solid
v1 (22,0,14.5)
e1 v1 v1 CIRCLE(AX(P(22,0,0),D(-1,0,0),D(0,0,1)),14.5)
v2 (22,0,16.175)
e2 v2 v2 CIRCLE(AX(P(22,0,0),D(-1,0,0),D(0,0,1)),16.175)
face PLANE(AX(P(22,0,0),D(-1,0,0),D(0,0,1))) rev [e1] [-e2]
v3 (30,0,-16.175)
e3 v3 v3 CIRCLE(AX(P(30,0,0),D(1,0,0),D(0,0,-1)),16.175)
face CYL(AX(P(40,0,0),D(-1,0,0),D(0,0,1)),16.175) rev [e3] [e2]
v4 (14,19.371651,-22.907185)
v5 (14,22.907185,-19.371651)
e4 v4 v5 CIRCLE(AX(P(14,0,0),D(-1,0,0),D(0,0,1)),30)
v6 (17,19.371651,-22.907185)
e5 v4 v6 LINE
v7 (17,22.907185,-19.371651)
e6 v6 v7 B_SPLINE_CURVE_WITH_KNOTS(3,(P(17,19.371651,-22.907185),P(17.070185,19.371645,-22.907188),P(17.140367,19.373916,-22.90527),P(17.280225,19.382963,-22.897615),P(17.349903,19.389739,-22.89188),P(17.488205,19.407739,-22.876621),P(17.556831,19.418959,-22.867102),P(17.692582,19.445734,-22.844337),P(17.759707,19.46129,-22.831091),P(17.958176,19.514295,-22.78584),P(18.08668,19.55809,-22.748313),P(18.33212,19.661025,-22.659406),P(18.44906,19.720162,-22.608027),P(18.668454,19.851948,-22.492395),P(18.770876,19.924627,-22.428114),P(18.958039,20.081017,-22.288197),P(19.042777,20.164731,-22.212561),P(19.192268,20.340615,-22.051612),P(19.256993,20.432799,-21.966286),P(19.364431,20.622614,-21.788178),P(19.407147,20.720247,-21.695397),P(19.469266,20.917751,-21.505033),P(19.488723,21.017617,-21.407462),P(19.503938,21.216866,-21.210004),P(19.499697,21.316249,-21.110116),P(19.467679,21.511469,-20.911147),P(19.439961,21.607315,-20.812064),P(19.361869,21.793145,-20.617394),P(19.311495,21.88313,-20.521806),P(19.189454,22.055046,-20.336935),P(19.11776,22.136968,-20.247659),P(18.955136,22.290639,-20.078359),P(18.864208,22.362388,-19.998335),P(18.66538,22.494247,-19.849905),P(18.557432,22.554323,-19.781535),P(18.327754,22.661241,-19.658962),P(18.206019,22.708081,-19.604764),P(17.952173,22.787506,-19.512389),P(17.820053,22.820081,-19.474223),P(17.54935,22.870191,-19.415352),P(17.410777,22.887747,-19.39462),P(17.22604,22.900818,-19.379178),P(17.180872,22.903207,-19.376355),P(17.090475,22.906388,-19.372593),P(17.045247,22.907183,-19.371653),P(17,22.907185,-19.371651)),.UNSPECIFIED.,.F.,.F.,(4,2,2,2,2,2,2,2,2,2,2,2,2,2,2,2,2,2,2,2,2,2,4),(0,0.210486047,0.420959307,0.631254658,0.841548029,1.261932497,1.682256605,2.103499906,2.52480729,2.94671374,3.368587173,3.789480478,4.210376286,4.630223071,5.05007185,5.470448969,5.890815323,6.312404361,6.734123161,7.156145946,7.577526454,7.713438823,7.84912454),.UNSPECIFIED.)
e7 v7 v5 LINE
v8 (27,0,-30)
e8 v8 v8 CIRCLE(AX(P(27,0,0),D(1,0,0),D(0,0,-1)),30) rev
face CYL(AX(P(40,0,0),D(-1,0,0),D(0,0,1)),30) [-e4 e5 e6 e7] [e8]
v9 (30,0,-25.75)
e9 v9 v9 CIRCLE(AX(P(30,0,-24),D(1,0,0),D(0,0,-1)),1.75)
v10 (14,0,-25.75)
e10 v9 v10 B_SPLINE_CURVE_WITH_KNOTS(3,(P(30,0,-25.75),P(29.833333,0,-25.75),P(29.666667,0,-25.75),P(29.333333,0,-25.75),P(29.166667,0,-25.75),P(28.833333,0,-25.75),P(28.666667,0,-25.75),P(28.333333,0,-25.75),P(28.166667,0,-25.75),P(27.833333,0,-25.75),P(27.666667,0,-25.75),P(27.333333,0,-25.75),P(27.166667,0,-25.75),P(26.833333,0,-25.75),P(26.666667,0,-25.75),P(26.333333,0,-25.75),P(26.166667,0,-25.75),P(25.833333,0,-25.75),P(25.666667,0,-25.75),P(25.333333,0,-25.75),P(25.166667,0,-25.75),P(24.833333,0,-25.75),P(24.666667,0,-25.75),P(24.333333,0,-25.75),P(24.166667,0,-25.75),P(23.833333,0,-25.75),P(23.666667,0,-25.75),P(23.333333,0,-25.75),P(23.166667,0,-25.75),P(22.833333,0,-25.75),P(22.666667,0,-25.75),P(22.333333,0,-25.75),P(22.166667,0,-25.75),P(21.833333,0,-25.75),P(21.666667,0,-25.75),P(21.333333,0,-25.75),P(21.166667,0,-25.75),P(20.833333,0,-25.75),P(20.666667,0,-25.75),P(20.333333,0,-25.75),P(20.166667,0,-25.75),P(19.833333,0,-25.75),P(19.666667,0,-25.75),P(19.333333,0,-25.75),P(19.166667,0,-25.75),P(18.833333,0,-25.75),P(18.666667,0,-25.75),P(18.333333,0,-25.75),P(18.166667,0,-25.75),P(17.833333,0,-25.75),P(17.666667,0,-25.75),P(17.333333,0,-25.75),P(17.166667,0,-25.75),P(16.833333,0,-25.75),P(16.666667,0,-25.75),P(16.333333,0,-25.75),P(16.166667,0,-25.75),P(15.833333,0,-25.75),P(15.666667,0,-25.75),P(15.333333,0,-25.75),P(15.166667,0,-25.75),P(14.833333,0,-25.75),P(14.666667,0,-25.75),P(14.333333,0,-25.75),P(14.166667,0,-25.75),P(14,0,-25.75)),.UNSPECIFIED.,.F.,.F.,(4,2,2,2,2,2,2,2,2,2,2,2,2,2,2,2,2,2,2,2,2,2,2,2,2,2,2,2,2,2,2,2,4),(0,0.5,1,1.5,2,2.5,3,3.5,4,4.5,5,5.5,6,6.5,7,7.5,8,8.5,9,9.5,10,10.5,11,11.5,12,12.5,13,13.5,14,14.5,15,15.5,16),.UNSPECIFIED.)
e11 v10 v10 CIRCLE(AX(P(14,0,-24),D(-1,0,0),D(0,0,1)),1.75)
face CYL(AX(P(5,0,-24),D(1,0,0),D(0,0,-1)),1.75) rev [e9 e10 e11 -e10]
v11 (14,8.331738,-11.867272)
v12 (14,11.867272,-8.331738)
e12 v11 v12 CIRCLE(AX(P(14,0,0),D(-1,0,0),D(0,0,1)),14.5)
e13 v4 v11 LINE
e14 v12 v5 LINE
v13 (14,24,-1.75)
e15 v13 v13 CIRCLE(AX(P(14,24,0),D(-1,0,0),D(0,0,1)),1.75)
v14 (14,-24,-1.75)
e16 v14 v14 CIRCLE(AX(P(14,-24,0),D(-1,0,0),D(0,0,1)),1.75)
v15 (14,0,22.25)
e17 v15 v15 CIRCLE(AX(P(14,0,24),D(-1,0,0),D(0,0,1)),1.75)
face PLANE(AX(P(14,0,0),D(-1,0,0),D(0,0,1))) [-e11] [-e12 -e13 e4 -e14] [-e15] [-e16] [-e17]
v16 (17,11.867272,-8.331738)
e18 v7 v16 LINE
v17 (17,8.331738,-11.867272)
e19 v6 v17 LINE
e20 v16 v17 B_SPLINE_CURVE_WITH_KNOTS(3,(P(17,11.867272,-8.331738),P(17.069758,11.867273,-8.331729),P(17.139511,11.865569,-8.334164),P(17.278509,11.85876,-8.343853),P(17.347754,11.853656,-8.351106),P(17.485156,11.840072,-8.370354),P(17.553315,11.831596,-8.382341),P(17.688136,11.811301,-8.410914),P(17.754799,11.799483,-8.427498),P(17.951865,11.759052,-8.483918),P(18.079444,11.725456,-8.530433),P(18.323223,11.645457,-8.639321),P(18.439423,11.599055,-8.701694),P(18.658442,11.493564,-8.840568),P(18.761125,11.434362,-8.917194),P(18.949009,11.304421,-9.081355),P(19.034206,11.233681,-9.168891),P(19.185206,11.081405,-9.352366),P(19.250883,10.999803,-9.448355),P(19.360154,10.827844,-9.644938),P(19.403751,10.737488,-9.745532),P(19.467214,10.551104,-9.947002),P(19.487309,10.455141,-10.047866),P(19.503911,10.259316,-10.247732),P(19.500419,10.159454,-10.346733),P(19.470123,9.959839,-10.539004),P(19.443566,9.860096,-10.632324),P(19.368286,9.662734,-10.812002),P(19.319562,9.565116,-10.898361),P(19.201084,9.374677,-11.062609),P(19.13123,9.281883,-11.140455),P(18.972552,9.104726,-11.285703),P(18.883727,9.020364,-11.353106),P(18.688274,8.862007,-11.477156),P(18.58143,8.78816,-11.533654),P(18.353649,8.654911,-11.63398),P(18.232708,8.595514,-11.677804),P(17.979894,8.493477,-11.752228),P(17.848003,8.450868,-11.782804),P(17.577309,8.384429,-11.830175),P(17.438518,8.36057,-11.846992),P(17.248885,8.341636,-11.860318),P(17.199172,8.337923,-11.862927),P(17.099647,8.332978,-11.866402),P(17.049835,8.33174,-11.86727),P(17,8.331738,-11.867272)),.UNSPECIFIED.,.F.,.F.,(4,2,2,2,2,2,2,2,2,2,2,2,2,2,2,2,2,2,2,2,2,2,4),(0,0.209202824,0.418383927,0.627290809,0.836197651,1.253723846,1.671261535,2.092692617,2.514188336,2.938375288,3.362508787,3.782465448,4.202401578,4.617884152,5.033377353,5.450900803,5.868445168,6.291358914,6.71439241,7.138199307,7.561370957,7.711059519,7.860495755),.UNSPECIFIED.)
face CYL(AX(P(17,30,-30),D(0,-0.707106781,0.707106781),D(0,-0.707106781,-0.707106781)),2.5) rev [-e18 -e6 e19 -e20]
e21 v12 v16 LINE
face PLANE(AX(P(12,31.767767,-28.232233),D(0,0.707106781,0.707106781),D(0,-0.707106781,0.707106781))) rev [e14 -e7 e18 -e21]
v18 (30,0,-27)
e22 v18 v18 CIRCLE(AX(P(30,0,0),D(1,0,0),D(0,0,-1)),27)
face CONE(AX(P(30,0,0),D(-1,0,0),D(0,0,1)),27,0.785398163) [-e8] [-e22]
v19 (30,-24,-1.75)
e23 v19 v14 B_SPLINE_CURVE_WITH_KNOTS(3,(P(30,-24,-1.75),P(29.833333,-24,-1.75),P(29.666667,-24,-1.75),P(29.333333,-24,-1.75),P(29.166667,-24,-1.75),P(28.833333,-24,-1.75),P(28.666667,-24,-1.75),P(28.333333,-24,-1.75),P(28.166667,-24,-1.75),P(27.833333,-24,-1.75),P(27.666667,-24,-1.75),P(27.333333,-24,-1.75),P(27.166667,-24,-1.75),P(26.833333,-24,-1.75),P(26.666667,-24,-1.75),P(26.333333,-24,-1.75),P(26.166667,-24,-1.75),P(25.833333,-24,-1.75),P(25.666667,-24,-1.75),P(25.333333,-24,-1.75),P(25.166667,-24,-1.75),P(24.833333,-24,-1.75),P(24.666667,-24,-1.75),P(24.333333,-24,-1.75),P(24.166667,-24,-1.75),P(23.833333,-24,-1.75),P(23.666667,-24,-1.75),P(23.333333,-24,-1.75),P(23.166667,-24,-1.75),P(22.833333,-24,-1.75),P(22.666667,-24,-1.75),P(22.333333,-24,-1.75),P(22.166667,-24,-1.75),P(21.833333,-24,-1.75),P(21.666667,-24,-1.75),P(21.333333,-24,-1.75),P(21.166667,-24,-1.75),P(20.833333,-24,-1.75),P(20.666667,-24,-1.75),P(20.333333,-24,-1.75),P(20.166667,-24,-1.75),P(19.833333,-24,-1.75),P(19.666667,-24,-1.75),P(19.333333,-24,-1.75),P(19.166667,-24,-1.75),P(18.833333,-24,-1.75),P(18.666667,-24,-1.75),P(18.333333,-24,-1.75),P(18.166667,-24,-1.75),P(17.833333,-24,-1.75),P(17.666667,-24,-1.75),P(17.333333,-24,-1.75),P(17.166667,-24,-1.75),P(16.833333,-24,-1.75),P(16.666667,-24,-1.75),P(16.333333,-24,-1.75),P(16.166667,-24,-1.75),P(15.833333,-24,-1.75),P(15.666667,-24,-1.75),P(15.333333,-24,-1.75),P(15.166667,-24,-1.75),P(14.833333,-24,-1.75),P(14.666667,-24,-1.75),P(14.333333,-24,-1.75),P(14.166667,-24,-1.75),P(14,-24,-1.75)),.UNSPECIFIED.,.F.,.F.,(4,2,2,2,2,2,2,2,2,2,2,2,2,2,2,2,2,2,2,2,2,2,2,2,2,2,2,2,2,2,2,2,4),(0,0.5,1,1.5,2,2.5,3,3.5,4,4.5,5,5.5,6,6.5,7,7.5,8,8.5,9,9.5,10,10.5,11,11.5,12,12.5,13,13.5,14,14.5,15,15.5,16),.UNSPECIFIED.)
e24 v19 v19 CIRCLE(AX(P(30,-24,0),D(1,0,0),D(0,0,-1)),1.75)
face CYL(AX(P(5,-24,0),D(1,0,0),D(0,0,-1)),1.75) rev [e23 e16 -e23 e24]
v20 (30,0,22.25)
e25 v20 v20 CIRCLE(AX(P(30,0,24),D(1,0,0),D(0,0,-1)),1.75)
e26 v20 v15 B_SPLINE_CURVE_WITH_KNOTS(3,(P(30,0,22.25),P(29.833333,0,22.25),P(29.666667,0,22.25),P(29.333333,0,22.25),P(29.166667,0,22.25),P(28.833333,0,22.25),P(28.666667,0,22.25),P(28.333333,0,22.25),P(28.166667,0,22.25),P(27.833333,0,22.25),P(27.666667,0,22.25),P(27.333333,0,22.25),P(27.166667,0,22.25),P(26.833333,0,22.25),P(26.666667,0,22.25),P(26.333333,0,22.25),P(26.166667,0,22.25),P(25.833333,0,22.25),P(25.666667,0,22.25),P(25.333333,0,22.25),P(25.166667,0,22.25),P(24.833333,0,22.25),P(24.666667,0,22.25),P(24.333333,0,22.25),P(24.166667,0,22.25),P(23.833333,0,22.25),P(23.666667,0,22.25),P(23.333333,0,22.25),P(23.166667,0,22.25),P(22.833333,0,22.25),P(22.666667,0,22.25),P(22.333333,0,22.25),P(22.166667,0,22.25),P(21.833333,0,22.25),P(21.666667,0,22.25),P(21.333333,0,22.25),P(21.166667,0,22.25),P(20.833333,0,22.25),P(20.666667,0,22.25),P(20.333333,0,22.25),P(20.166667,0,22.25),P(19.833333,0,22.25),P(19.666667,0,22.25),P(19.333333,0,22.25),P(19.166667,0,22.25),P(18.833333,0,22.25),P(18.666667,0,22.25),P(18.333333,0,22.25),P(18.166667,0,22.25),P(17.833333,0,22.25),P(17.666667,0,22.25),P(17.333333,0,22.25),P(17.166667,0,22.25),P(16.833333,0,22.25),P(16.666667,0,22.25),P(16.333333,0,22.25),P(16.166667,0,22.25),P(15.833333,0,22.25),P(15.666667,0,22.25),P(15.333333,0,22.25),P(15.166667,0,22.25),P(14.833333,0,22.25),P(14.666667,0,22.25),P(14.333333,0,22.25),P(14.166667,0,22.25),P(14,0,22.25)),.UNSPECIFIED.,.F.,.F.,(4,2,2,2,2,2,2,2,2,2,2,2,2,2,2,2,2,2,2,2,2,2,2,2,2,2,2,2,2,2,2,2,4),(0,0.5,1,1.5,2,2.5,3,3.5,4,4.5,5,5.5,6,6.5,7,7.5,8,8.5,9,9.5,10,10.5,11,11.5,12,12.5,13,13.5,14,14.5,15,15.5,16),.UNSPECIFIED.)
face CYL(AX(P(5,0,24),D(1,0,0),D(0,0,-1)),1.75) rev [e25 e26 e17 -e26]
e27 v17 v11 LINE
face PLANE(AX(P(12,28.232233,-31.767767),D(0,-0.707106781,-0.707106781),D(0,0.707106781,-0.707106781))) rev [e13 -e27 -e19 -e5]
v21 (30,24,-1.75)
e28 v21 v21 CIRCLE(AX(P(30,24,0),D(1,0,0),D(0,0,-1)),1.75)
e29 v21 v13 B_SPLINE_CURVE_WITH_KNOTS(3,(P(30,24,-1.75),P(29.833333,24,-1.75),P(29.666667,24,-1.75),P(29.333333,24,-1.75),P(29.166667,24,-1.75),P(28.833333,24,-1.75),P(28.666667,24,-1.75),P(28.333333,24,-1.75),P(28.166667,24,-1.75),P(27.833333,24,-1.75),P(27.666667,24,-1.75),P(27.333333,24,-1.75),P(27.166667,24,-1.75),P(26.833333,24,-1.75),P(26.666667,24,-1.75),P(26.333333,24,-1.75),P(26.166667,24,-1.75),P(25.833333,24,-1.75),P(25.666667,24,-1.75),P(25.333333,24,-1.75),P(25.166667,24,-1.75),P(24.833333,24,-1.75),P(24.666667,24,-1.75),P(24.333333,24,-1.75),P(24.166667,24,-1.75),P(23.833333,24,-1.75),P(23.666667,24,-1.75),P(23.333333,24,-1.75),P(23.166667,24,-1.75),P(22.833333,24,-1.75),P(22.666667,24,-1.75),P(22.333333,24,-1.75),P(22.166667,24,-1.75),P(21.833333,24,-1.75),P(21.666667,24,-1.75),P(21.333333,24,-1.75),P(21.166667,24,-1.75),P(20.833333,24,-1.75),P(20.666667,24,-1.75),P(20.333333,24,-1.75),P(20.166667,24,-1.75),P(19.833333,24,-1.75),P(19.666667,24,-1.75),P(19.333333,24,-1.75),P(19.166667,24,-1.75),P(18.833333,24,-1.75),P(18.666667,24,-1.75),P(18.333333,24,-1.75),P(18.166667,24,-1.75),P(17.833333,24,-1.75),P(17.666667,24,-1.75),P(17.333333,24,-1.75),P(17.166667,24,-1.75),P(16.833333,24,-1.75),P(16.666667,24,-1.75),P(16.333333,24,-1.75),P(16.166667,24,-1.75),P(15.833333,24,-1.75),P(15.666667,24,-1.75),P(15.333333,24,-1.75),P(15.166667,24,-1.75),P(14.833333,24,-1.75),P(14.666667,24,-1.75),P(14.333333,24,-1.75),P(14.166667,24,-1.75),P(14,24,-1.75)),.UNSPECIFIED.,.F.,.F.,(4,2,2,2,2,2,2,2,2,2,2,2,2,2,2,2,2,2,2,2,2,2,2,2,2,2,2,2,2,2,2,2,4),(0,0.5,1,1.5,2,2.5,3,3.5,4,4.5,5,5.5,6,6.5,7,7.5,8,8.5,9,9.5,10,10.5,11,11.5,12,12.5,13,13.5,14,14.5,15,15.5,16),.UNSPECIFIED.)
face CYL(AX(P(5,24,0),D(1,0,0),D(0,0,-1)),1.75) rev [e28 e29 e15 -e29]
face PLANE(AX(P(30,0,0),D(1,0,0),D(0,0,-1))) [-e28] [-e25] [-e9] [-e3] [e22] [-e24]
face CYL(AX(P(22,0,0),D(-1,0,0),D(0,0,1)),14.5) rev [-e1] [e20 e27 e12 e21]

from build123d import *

# Parameters (mm, degrees)
SKETCH_1_R           = 32
SKETCH_1_R_2         = 3
EXTRUDE_1_DEPTH      = 5
SKETCH_2_R           = 30
SKETCH_2_R_2         = 16.175
EXTRUDE_2_DEPTH      = 35
SKETCH_4_R           = 17
SKETCH_4_R_2         = 14
EXTRUDE_4_DEPTH      = 5
SKETCH_8_R           = 1.5
CUT_EXTRUDE_1_DEPTH  = 10
EXTRUDE_START        = 2
SKETCH_13_R          = 3.16745637
SKETCH_13_R_2        = 3
EXTRUDE_5_DEPTH      = 2
SKETCH_14_R          = 34.626760645
CUT_EXTRUDE_5_DEPTH  = 10
SKETCH_17_R          = 1.75
CUT_EXTRUDE_7_DEPTH  = 25
SKETCH_18_R          = 32
CUT_EXTRUDE_8_DEPTH  = 17
SKETCH_19_R          = 16.3
SKETCH_19_R_2        = 14.5
EXTRUDE_6_DEPTH      = 5
EXTRUDE_START_2      = 3
SKETCH_22_R          = 16.5
SKETCH_22_R_2        = 14.5
EXTRUDE_7_DEPTH      = 3
SKETCH_23_R          = 30
SKETCH_23_R_2        = 16.5
SKETCH_23_R_3        = 1.75
EXTRUDE_8_DEPTH      = 3
CHAMFER_2_SIZE       = 3
CUT_EXTRUDE_12_DEPTH = 52.961524227


with BuildPart() as part:
    # Эскиз1 → Бобышка-Вытянуть1 (new body)
    with BuildSketch(Plane(origin=(0, 0, 0), x_dir=(0, 0, -1), z_dir=(1, 0, 0))):
        Circle(SKETCH_1_R)
        with Locations((-24, 9)):
            Circle(SKETCH_1_R_2, mode=Mode.SUBTRACT)
        with Locations((-24, -9)):
            Circle(SKETCH_1_R_2, mode=Mode.SUBTRACT)
        with BuildLine():
            ThreePointArc((6.265686517, 10.234313483), (-12, 0), (6.265686517, -10.234313483))
            ThreePointArc((6.265686517, -10.234313483), (11.121320344, -11.121320344), (10.234313483, -6.265686517))
            ThreePointArc((10.234313483, -6.265686517), (12, 0), (10.234313483, 6.265686517))
            ThreePointArc((10.234313483, 6.265686517), (11.121320344, 11.121320344), (6.265686517, 10.234313483))
        make_face(mode=Mode.SUBTRACT)
    extrude(amount=EXTRUDE_1_DEPTH)

    # Эскиз2 → Бобышка-Вытянуть2 (add)
    with BuildSketch(Plane(origin=(5, 0, 0), x_dir=(0, 0, -1), z_dir=(1, 0, 0))):
        Circle(SKETCH_2_R)
        Circle(SKETCH_2_R_2, mode=Mode.SUBTRACT)
    extrude(amount=EXTRUDE_2_DEPTH)

    # Эскиз4 → Бобышка-Вытянуть4 (add)
    with BuildSketch(Plane(origin=(5, 0, 0), x_dir=(0, 0, -1), z_dir=(1, 0, 0))):
        Circle(SKETCH_4_R)
        with Locations(Location((0, 0, 0), (0, 0, 56.681914386))):
            Circle(SKETCH_4_R_2, mode=Mode.SUBTRACT)
    extrude(amount=EXTRUDE_4_DEPTH)

    # Эскиз8 → Вырез-Вытянуть1 (cut)
    with BuildSketch(Plane(origin=(5, 0, 0), x_dir=(0, 0, -1), z_dir=(1, 0, 0))):
        with Locations((-18, -20)):
            Circle(SKETCH_8_R)
        with Locations((18, -20)):
            Circle(SKETCH_8_R)
        with Locations((18, 20)):
            Circle(SKETCH_8_R)
        with Locations((-18, 20)):
            Circle(SKETCH_8_R)
    extrude(amount=-CUT_EXTRUDE_1_DEPTH, mode=Mode.SUBTRACT)

    # Эскиз13 → Бобышка-Вытянуть5 (add)
    with BuildSketch(Plane.ZY.offset(-5).offset(EXTRUDE_START)):
        with Locations((24, 9)):
            Circle(SKETCH_13_R)
        with Locations((24, -9)):
            Circle(SKETCH_13_R_2)
        with BuildLine():
            ThreePointArc((-6.121303477, 10.321319864), (-11.239729878, 11.239729878), (-10.321319864, 6.121303477))
            ThreePointArc((-10.321319864, 6.121303477), (-8.485281374, 8.485281374), (-6.121303477, 10.321319864))
        make_face()
        with BuildLine():
            ThreePointArc((-10.321319864, -6.121303477), (-11.239729878, -11.239729878), (-6.121303477, -10.321319864))
            ThreePointArc((-6.121303477, -10.321319864), (-8.485281374, -8.485281374), (-10.321319864, -6.121303477))
        make_face()
    extrude(amount=-EXTRUDE_5_DEPTH)

    # Эскиз14 → Вырез-Вытянуть5 (cut)
    with BuildSketch(Plane(origin=(40, 0, 0), x_dir=(0, 0, -1), z_dir=(1, 0, 0))):
        Circle(SKETCH_14_R)
    extrude(amount=-CUT_EXTRUDE_5_DEPTH, mode=Mode.SUBTRACT)

    # Эскиз17 → Вырез-Вытянуть7 (cut)
    with BuildSketch(Plane(origin=(30, 0, 0), x_dir=(0, 0, -1), z_dir=(1, 0, 0))):
        with Locations((-24, 0)):
            Circle(SKETCH_17_R)
        with Locations((0, 24)):
            Circle(SKETCH_17_R)
        with Locations((24, 0)):
            Circle(SKETCH_17_R)
        with Locations((0, -24)):
            Circle(SKETCH_17_R)
    extrude(amount=-CUT_EXTRUDE_7_DEPTH, mode=Mode.SUBTRACT)

    # Эскиз18 → Вырез-Вытянуть8 (cut)
    with BuildSketch(Plane.ZY):
        Circle(SKETCH_18_R)
    extrude(amount=-CUT_EXTRUDE_8_DEPTH, mode=Mode.SUBTRACT)

    # Эскиз19 → Бобышка-Вытянуть6 (add)
    with BuildSketch(Plane.ZY.offset(-17)):
        Circle(SKETCH_19_R)
        Circle(SKETCH_19_R_2, mode=Mode.SUBTRACT)
    extrude(amount=-EXTRUDE_6_DEPTH)

    # Эскиз22 → Бобышка-Вытянуть7 (add)
    with BuildSketch(Plane.ZY.offset(-17).offset(EXTRUDE_START_2)):
        Circle(SKETCH_22_R)
        Circle(SKETCH_22_R_2, mode=Mode.SUBTRACT)
    extrude(amount=-EXTRUDE_7_DEPTH)

    # Эскиз23 → Бобышка-Вытянуть8 (add)
    with BuildSketch(Plane.ZY.offset(-17)):
        Circle(SKETCH_23_R)
        Circle(SKETCH_23_R_2, mode=Mode.SUBTRACT)
        with Locations(Location((-24, 0, 0), (0, 0, 180))):
            Circle(SKETCH_23_R_3, mode=Mode.SUBTRACT)
        with Locations(Location((0, 24, 0), (0, 0, 180))):
            Circle(SKETCH_23_R_3, mode=Mode.SUBTRACT)
        with Locations(Location((24, 0, 0), (0, 0, 180))):
            Circle(SKETCH_23_R_3, mode=Mode.SUBTRACT)
        with Locations(Location((0, -24, 0), (0, 0, 180))):
            Circle(SKETCH_23_R_3, mode=Mode.SUBTRACT)
    extrude(amount=EXTRUDE_8_DEPTH)

    # Фаска2
    chamfer_2_edges = [part.edges().sort_by_distance(p)[0] for p in [
        (30, 0, 30),
    ]]
    chamfer(chamfer_2_edges, length=CHAMFER_2_SIZE)

    # Эскиз26 → Вырез-Вытянуть12 (cut, through all)
    with BuildSketch(Plane(origin=(0, 0, 0), x_dir=(1, 0, 0), z_dir=(0, -0.7071067811865437, 0.7071067811865513))):
        with BuildLine():
            Line((12, 2.5), (17, 2.5))
            ThreePointArc((17, 2.5), (19.5, 0), (17, -2.5))
            Line((17, -2.5), (12, -2.5))
            Line((12, -2.5), (12, 2.5))
        make_face()
    extrude(amount=-CUT_EXTRUDE_12_DEPTH, mode=Mode.SUBTRACT)


solid = part.part
